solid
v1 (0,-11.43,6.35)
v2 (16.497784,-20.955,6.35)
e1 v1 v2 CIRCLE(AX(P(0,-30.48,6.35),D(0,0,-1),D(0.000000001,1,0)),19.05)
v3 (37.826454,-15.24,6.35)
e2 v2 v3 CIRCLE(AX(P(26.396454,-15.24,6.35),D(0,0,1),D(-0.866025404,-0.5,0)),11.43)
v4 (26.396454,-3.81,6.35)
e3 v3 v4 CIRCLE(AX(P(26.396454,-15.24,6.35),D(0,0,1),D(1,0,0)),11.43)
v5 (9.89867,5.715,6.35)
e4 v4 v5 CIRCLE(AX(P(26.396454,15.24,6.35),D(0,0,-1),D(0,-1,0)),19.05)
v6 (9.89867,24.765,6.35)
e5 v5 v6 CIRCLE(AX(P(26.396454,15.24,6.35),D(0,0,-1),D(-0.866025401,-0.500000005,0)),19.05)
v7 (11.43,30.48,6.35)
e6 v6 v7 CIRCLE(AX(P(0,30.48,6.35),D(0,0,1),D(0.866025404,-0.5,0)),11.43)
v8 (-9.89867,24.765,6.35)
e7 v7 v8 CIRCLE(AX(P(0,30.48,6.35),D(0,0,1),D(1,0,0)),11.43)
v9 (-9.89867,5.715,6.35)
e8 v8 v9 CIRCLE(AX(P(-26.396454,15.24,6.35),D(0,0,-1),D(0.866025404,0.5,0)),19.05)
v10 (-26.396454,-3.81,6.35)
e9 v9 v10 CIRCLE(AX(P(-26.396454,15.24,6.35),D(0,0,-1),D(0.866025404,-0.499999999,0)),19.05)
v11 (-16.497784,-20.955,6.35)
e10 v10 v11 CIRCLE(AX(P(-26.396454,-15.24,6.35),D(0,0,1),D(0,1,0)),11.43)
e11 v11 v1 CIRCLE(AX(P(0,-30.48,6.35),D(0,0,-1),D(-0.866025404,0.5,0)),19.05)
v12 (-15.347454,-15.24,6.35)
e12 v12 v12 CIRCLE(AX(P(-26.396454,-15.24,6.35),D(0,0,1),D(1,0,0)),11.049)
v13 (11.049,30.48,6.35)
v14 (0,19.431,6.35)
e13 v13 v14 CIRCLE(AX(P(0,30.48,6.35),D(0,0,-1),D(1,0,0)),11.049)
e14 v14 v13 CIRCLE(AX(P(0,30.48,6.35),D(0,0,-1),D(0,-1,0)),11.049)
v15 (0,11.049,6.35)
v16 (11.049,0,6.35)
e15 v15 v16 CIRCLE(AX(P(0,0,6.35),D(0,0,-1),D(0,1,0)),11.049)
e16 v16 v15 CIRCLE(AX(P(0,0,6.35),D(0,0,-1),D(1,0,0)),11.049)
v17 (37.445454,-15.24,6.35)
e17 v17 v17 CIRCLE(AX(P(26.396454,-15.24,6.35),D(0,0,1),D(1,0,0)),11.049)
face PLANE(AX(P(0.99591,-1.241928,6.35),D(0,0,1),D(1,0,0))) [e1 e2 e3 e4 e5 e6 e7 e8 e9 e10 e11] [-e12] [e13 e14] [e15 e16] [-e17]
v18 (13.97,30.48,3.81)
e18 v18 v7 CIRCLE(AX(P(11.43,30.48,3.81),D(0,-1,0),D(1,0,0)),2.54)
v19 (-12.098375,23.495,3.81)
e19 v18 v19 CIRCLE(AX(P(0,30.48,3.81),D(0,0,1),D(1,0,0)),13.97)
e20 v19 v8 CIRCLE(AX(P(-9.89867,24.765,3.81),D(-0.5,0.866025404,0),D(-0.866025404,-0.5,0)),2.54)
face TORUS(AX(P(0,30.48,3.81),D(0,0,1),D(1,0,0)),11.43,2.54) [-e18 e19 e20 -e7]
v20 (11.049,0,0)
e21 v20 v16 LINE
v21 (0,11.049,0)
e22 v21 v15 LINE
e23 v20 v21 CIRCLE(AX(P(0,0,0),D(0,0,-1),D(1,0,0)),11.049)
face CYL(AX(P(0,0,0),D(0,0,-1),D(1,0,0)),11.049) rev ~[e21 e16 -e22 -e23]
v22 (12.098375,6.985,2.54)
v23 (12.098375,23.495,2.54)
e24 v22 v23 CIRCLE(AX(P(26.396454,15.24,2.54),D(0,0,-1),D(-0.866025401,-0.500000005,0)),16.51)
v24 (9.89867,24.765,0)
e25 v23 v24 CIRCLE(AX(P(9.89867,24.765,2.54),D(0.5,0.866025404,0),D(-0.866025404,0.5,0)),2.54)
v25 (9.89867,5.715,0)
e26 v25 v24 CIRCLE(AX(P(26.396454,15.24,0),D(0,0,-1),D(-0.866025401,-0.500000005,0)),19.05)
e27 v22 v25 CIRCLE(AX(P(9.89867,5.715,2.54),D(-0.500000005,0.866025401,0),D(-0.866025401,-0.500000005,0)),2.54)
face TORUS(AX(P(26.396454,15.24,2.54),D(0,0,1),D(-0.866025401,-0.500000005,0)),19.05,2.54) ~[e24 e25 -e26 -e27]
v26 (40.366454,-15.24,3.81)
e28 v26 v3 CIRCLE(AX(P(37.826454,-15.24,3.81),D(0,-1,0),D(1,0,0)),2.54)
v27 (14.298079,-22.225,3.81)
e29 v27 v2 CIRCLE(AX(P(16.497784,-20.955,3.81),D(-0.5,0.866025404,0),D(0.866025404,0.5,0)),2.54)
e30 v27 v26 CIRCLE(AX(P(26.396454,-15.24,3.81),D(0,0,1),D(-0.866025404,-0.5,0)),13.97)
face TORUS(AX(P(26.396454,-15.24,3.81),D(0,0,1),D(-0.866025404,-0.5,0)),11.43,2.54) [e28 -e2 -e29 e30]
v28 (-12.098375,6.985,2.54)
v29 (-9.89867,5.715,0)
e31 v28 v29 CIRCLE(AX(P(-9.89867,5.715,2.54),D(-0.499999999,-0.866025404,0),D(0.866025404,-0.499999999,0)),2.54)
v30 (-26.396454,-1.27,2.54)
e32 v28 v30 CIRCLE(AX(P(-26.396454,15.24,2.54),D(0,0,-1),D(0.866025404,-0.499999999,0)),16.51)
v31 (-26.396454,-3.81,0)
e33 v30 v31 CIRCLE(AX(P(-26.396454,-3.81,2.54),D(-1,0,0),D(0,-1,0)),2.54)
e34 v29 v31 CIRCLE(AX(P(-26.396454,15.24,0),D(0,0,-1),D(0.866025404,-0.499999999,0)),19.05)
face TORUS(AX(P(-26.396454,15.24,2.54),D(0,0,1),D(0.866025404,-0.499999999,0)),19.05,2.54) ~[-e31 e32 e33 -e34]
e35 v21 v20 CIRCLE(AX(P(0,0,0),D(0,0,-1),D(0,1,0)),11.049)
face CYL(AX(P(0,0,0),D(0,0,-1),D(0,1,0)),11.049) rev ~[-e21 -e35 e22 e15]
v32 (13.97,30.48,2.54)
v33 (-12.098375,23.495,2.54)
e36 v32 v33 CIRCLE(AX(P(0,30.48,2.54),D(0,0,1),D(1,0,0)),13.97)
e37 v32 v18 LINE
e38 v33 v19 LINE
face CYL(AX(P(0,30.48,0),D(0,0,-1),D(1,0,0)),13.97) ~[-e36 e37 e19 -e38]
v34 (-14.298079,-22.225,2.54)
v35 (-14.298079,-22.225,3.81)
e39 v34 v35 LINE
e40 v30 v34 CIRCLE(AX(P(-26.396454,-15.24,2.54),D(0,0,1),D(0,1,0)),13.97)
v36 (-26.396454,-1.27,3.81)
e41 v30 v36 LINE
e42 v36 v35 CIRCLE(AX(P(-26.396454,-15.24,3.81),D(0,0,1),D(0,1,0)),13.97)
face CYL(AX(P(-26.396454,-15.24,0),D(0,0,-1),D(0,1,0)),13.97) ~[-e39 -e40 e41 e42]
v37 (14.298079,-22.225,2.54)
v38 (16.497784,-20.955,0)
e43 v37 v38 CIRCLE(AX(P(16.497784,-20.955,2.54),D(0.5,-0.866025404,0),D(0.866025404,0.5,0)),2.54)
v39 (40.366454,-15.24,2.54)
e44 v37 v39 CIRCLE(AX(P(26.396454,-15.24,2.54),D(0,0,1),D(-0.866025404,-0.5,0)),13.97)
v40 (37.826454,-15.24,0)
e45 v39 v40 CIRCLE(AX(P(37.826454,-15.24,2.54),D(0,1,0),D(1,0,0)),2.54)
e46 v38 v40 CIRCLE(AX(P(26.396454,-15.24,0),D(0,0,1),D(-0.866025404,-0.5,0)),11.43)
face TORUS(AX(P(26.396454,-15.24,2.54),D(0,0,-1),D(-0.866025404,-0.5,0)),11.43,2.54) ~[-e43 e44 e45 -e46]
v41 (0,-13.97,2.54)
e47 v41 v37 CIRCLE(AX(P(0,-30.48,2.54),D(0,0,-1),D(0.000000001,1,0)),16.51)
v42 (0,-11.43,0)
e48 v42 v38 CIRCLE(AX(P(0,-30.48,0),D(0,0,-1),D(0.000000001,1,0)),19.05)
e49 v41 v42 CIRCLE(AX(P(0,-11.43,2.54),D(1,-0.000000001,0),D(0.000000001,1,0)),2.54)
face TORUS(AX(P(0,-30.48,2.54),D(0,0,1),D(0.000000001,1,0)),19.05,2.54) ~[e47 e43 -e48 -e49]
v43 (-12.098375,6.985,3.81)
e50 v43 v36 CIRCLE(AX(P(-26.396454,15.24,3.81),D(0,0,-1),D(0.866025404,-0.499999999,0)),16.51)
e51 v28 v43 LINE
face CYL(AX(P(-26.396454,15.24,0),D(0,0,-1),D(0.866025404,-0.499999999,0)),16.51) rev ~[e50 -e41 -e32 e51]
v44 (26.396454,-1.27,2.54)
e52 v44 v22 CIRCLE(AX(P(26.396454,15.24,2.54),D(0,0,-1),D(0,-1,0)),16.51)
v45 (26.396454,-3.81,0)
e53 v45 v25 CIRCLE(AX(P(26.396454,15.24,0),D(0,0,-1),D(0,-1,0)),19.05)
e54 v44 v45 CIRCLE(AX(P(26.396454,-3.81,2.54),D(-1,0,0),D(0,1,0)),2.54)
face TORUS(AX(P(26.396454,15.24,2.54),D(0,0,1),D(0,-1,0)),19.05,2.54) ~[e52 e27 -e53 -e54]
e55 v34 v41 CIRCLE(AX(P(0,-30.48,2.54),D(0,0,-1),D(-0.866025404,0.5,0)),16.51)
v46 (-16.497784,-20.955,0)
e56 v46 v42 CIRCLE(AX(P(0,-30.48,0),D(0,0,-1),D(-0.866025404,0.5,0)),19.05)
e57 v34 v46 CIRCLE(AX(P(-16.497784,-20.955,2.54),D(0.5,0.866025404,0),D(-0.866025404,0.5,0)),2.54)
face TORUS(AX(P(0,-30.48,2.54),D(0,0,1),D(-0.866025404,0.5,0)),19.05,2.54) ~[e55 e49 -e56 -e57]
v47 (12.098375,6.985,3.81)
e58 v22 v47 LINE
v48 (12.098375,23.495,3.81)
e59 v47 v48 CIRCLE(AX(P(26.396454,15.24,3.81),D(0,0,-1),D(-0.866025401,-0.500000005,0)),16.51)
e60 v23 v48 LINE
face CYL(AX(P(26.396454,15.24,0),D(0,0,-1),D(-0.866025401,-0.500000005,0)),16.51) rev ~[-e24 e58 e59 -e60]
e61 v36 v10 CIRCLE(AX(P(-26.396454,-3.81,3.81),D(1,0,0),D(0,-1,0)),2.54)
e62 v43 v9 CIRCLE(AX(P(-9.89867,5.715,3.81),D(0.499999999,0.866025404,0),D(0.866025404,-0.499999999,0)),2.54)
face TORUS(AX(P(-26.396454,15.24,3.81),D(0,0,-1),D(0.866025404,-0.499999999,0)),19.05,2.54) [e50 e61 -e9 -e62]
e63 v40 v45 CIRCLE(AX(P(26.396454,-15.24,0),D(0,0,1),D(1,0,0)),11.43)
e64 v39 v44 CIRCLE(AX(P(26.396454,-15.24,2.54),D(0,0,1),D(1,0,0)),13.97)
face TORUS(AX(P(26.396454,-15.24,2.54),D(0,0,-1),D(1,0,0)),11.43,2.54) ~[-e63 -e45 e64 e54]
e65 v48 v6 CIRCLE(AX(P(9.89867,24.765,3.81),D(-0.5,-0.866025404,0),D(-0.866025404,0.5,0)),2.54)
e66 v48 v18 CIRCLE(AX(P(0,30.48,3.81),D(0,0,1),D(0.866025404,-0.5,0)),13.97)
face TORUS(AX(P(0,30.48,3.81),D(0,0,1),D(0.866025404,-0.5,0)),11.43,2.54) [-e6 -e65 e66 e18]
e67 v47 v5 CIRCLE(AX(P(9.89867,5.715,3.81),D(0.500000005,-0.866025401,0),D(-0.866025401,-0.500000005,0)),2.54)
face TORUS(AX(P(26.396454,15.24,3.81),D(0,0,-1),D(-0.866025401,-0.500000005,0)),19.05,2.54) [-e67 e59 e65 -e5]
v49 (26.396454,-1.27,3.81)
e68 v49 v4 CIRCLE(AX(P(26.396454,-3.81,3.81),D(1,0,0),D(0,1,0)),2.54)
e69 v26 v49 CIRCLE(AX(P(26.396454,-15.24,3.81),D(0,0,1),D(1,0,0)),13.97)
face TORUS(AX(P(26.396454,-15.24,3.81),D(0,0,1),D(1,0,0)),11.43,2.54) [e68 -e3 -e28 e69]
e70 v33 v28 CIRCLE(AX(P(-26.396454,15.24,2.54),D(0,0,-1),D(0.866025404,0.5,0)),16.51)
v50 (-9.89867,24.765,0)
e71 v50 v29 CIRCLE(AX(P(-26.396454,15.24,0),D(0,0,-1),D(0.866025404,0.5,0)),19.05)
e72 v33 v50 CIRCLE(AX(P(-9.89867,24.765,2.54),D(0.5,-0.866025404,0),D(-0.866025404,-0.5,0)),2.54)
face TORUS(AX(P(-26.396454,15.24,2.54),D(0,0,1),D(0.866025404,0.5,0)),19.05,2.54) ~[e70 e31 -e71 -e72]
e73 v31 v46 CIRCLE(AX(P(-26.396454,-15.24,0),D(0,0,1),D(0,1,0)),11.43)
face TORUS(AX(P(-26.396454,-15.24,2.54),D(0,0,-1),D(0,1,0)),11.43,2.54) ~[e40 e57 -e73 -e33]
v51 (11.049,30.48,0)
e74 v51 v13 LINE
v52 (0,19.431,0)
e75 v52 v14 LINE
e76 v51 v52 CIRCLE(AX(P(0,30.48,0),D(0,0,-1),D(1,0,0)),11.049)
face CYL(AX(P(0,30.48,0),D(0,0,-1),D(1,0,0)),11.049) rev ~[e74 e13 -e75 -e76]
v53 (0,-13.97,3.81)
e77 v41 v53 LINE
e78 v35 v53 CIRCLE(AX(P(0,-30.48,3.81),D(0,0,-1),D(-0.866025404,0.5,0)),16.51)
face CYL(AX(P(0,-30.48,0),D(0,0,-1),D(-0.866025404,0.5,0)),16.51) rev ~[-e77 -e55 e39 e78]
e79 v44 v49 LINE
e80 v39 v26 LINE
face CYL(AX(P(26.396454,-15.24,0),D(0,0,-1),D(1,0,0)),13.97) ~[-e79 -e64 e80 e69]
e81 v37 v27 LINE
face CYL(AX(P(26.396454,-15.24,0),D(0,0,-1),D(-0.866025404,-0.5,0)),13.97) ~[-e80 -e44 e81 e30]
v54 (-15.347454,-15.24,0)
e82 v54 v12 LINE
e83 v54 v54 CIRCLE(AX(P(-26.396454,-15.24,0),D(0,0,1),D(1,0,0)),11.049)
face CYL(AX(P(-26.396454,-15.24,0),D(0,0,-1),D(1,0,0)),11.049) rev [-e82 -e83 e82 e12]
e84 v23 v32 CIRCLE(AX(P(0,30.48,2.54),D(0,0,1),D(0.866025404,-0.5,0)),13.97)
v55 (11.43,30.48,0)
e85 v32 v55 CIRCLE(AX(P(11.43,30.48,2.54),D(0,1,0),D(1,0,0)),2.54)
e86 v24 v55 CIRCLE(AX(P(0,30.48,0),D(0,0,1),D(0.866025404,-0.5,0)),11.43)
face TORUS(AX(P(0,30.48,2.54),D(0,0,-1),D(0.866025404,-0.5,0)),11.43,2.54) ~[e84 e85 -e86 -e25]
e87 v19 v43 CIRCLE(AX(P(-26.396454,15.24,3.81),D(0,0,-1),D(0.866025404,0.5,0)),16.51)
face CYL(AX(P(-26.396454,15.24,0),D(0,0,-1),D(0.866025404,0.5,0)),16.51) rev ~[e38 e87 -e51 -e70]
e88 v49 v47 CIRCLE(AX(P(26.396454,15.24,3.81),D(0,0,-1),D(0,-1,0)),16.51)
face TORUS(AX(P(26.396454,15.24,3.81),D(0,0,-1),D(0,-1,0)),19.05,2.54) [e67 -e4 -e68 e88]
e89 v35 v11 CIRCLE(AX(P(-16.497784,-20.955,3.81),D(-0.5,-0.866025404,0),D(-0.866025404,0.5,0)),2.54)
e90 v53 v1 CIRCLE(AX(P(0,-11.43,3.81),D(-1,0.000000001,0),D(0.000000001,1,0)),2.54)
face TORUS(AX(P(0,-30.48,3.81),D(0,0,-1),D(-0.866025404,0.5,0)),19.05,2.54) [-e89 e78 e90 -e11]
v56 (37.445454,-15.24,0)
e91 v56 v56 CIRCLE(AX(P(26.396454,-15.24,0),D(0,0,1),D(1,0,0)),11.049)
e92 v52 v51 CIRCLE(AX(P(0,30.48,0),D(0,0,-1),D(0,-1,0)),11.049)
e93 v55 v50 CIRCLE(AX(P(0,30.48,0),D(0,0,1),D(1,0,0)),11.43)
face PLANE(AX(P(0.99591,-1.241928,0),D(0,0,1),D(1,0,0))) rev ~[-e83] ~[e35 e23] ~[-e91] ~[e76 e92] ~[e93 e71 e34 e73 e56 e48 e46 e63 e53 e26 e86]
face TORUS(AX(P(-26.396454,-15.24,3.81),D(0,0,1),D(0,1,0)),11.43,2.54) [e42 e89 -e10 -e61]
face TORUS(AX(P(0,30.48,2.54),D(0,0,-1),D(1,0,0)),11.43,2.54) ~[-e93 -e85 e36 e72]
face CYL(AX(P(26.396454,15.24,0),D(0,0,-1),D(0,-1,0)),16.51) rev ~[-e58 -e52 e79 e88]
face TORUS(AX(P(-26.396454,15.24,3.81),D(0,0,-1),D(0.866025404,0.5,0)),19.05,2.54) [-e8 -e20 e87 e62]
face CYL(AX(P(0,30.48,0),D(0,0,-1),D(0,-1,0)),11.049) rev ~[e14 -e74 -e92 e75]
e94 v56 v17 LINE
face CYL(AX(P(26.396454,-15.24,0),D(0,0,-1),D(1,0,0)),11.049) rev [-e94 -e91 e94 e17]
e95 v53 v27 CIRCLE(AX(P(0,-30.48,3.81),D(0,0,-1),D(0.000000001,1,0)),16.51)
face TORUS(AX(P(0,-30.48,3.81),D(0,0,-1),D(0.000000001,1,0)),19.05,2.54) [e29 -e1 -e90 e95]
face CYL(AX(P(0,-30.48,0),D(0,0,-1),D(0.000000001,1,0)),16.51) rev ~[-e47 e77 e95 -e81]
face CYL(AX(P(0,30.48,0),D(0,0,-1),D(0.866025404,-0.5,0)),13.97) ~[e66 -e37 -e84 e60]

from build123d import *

# Parameters (mm, degrees)
F0_R     = 11.049
F1_DEPTH = 6.35
F2_R     = 2.54


with BuildPart() as f1:
    # F0 (on Top) → F1 (new body)
    with BuildSketch(Plane.XY):
        with BuildLine():
            ThreePointArc((0, 11.049), (7.8128228253, 7.8128228253), (11.049, 0))
            ThreePointArc((11.049, 0), (-2.8596916293, -10.6725144547), (-9.5687146864, 5.5245))
            Line((-9.5687146864, 5.5245), (-12.0983748909, 6.985))
            ThreePointArc((-12.0983748842, 6.9850000115), (-12.0983748894, -6.9850000025), (1.9e-08, -13.97))
            ThreePointArc((1.9e-08, -13.97), (9.8782817399, -9.8782817264), (13.97, 0))
            ThreePointArc((13.97, 0), (13.4939838053, 3.6157020152), (12.0983749373, 6.9849999196))
            ThreePointArc((12.0983749373, 6.9849999196), (6.9850000402, 12.0983748677), (0, 13.97))
            Line((0, 13.97), (0, 11.049))
        make_face()
        with BuildLine():
            ThreePointArc((-9.5687146864, 5.5245), (-5.5245, 9.5687146864), (0, 11.049))
            Line((0, 11.049), (0, 13.97))
            ThreePointArc((0, 13.97), (-6.9849999943, 12.0983748942), (-12.0983748842, 6.9850000115))
            Line((-12.0983748909, 6.985), (-9.5687146864, 5.5245))
        make_face()
        with BuildLine():
            Line((0, 16.51), (0, 13.97))
            ThreePointArc((0, 13.97), (6.9850000402, 12.0983748677), (12.0983749373, 6.9849999196))
            ThreePointArc((12.0983749373, 6.9849999196), (9.8864543073, 15.2399999536), (12.0983748909, 23.495))
            ThreePointArc((12.0983748909, 23.495), (6.985, 18.3816251091), (0, 16.51))
        make_face()
        with BuildLine():
            ThreePointArc((-12.0983748842, 6.9850000115), (-6.9849999943, 12.0983748942), (0, 13.97))
            Line((0, 13.97), (0, 16.51))
            ThreePointArc((0, 16.51), (-6.985, 18.3816251091), (-12.0983748909, 23.495))
            ThreePointArc((-12.0983748909, 23.495), (-9.8864543073, 15.2400000066), (-12.0983748842, 6.9850000115))
        make_face()
        with BuildLine():
            ThreePointArc((1.9e-08, -13.97), (-12.0983748894, -6.9850000025), (-12.0983748842, 6.9850000115))
            ThreePointArc((-12.0983748842, 6.9850000115), (-18.1414543016, 0.9419205868), (-26.3964543073, -1.27))
            ThreePointArc((-26.3964543073, -1.27), (-16.5181725742, -5.3617182668), (-12.4264543073, -15.24))
            ThreePointArc((-12.4264543073, -15.24), (-12.9024705141, -18.8557020601), (-14.2980794165, -22.225))
            ThreePointArc((-14.2980794165, -22.225), (-8.2549999918, -16.1819205788), (1.9e-08, -13.97))
        make_face()
        with BuildLine():
            ThreePointArc((26.3964543073, -1.27), (18.1414543475, 0.9419205603), (12.0983749373, 6.9849999196))
            ThreePointArc((12.0983749373, 6.9849999196), (13.4939838053, 3.6157020152), (13.97, 0))
            ThreePointArc((13.97, 0), (9.8782817399, -9.8782817264), (1.9e-08, -13.97))
            ThreePointArc((1.9e-08, -13.97), (8.2550000082, -16.1819205883), (14.2980794165, -22.225))
            ThreePointArc((14.2980794165, -22.225), (14.2980794165, -8.255), (26.3964543073, -1.27))
        make_face()
        with BuildLine():
            ThreePointArc((-12.0983748909, 23.495), (-6.985, 18.3816251091), (0, 16.51))
            ThreePointArc((0, 16.51), (6.985, 18.3816251091), (12.0983748909, 23.495))
            ThreePointArc((12.0983748909, 23.495), (13.4939837933, 26.8642979399), (13.97, 30.48))
            ThreePointArc((13.97, 30.48), (-3.6157020601, 43.9739837933), (-12.0983748909, 23.495))
        make_face()
        with BuildLine():
            ThreePointArc((11.049, 30.48), (7.8128228253, 22.6671771747), (0, 19.431))
            ThreePointArc((0, 19.431), (-7.8128228253, 38.2928228253), (11.049, 30.48))
        make_face(mode=Mode.SUBTRACT)
        with BuildLine():
            ThreePointArc((-12.4264543073, -15.24), (-16.5181725742, -5.3617182668), (-26.3964543073, -1.27))
            ThreePointArc((-26.3964543073, -1.27), (-38.4948291982, -22.225), (-14.2980794165, -22.225))
            ThreePointArc((-14.2980794165, -22.225), (-12.9024705141, -18.8557020601), (-12.4264543073, -15.24))
        make_face()
        with Locations((-26.3964543073, -15.24)):
            Circle(F0_R, mode=Mode.SUBTRACT)
        with BuildLine():
            ThreePointArc((40.3664543073, -15.24), (36.2747360405, -5.3617182668), (26.3964543073, -1.27))
            ThreePointArc((26.3964543073, -1.27), (14.2980794165, -8.255), (14.2980794165, -22.225))
            ThreePointArc((14.2980794165, -22.225), (30.0121563674, -28.7339837933), (40.3664543073, -15.24))
        make_face()
        with Locations((26.3964543073, -15.24)):
            Circle(F0_R, mode=Mode.SUBTRACT)
    extrude(amount=F1_DEPTH)

    # F2
    f2_edges = [f1.edges().sort_by_distance(p)[0] for p in [
        (0, -13.97, 6.35),
        (0, -13.97, 0),
    ]]
    fillet(f2_edges, radius=F2_R)


solid = f1.part
